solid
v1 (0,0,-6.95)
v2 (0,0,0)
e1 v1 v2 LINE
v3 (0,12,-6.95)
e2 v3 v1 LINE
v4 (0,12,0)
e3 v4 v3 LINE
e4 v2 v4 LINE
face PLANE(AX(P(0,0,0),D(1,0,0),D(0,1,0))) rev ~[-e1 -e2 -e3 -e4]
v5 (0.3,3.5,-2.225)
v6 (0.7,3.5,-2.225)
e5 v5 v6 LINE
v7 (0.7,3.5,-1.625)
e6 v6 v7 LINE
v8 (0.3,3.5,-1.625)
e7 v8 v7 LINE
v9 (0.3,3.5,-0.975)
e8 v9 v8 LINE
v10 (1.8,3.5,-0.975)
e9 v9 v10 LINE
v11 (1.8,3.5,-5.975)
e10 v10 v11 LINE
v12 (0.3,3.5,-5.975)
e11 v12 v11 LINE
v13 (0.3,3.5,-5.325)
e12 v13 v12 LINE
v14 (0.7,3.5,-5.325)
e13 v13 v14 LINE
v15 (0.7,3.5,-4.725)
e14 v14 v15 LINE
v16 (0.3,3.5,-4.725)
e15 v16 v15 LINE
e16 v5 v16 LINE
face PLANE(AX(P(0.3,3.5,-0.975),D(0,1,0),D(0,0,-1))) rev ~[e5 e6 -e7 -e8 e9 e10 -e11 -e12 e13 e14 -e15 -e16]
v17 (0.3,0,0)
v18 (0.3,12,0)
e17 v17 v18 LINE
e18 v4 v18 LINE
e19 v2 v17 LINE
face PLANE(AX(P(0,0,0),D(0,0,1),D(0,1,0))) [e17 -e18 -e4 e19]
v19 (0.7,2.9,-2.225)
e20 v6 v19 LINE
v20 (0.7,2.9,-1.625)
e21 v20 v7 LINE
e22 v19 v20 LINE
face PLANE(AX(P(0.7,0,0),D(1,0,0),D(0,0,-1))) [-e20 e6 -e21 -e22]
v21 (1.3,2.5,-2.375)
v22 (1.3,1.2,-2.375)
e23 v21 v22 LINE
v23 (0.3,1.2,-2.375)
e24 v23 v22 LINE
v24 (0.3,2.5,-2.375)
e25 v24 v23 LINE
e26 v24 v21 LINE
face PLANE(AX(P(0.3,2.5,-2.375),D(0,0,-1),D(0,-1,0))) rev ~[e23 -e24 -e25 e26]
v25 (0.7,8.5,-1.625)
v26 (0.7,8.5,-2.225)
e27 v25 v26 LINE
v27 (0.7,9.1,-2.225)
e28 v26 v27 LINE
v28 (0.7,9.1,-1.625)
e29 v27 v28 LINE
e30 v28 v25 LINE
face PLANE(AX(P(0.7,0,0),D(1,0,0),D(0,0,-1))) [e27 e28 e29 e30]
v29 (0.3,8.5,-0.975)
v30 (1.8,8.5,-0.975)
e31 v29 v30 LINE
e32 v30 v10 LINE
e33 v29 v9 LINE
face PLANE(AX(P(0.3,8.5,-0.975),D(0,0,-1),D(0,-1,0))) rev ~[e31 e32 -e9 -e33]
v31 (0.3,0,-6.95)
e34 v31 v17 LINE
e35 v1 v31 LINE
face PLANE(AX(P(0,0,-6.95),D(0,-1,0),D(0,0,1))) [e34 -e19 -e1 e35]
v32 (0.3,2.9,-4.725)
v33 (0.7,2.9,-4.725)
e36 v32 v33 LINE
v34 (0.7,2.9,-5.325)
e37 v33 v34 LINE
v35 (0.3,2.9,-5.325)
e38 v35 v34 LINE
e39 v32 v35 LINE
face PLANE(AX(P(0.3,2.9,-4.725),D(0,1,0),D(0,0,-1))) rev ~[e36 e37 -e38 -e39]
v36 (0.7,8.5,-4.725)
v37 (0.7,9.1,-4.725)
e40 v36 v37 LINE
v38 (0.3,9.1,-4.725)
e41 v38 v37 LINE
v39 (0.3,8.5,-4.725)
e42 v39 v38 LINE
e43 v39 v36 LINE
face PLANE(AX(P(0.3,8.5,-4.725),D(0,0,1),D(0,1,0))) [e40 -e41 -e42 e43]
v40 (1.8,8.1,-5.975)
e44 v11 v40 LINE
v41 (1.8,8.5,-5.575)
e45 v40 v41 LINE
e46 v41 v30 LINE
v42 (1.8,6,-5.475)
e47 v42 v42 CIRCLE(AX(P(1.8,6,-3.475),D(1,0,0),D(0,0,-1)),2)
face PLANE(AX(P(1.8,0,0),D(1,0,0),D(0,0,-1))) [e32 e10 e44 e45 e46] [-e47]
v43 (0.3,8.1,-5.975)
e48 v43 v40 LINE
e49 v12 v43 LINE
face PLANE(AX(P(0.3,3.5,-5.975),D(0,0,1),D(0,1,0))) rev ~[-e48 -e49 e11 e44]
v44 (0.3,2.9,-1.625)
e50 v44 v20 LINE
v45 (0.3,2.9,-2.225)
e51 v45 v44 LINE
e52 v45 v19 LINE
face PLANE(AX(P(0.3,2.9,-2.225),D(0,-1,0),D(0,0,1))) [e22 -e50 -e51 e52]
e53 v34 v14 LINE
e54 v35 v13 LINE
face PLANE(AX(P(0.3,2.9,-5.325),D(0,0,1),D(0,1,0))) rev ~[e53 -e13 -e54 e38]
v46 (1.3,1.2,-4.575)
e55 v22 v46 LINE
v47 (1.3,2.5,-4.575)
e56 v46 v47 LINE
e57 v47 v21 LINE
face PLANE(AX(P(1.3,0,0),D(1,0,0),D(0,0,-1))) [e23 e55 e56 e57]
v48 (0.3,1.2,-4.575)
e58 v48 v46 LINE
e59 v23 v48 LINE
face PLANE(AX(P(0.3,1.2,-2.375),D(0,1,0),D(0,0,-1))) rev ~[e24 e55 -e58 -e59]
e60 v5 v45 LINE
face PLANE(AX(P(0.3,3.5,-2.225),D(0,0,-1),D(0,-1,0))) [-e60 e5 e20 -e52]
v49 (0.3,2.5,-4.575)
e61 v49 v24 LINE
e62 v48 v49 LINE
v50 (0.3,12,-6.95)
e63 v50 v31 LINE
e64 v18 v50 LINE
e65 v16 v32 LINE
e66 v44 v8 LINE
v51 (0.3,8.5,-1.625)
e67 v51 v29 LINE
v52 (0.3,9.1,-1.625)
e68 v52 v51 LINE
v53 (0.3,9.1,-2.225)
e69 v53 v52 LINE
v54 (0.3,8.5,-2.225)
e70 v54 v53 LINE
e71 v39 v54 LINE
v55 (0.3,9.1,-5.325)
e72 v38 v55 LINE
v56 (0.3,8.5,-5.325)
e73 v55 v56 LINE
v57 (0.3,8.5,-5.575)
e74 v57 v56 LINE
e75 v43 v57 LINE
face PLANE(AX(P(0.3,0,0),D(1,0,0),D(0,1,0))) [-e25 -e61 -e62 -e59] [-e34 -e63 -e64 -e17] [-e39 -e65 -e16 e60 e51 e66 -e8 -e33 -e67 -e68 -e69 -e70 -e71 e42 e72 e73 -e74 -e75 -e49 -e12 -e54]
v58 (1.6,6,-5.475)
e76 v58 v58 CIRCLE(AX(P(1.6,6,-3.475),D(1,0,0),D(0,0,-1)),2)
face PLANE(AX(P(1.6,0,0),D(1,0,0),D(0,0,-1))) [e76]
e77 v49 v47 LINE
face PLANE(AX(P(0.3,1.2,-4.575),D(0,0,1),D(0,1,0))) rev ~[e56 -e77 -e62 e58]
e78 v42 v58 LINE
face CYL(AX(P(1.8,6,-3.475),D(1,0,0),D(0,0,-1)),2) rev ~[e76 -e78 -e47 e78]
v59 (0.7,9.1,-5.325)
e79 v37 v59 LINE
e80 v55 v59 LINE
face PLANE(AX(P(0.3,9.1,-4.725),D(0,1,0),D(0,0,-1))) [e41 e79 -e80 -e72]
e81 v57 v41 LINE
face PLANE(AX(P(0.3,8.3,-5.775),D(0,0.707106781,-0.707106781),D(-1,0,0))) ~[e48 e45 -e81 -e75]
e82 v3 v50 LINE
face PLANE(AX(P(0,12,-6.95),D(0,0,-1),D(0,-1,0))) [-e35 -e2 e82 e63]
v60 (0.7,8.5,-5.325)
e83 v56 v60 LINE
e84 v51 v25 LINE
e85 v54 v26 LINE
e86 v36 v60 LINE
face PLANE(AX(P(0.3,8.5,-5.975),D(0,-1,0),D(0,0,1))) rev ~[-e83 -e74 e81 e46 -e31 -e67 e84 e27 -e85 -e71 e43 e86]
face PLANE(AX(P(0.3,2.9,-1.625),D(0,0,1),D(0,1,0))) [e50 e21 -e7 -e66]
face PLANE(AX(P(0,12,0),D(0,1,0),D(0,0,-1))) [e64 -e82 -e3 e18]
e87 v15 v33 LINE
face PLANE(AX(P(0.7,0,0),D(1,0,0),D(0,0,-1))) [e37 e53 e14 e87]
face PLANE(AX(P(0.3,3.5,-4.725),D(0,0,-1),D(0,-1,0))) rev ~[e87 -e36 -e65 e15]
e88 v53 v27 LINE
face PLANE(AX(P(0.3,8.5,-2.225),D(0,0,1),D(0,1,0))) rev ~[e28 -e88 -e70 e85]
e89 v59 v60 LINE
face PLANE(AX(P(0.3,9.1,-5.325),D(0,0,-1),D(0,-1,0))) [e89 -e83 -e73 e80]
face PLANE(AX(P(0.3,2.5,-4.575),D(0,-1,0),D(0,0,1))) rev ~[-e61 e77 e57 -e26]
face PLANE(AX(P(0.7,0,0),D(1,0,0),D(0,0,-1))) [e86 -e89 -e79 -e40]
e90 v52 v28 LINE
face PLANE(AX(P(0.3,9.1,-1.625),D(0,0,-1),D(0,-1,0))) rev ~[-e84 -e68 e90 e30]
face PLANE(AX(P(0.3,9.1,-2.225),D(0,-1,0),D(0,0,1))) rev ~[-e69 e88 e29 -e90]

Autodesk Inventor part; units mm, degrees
ref_plane "YZ Plane" through (0, 0, 0) normal (1, 0, 0) x (0, 1, 0)
ref_plane "XZ Plane" through (0, 0, 0) normal (0, 1, 0) x (-1, 0, 0)
ref_plane "XY Plane" through (0, 0, 0) normal (0, 0, 1) x (1, 0, 0)
sketch "Sketch1" plane through (0, 0, 0) normal (1, 0, 0) x (0, 1, 0)
  line L0 (0, 0) -> (12, 0)
  line L1 (12, 0) -> (12, -6.95)
  line L2 (12, -6.95) -> (0, -6.95)
  line L3 (0, -6.95) -> (0, 0)
  dimension "d0" = 12
  dimension "d1" = 6.95
extrude "Extrusion1" add sketch "Sketch1" along normal blind 0.3
sketch "Sketch2" plane through (0.3, 0, 0) normal (1, 0, 0) x (0, 0, -1)
  line L0 (0.975, 3.5) -> (5.975, 3.5)
  line L1 (5.975, 3.5) -> (5.975, 8.5)
  line L2 (5.975, 8.5) -> (0.975, 8.5)
  line L3 (0.975, 8.5) -> (0.975, 3.5)
  line L4 (6.95, 12) -> (0, 12) projected
  line L5 (6.95, 0) -> (6.95, 12) projected
  point P0 (0, 0)
  point P1 (3.475, 8.5)
  point P2 (3.475, 12)
  point P3 (5.975, 6)
  point P4 (6.95, 6)
  dimension "d4" = 5
  dimension "d5" = 5
extrude "Extrusion2" add sketch "Sketch2" along normal blind 1.5
sketch "Sketch3" plane through (1.8, 0, 0) normal (1, 0, 0) x (0, 0, -1)
  circle A0 centre (3.475, 6) radius 2
  line L0 (0.975, 3.5) -> (5.975, 3.5) projected
  line L1 (5.975, 3.5) -> (5.975, 8.5) projected
  point P0 (0, 0)
  point P1 (3.475, 3.5)
  point P2 (5.975, 6)
  dimension "d8" = 4
extrude "Extrusion3" cut sketch "Sketch3" against normal blind 0.2
chamfer "Chamfer1" distance 0.4 angle 45 1 edges at (1.05, 8.5, -5.975)
sketch "Sketch5" plane through (0.3, 0, 0) normal (1, 0, 0) x (0, 0, -1)
  line L0 (5.975, 3.5) -> (0.975, 3.5) projected
  line L1 (1.625, 3.5) -> (2.225, 3.5)
  line L2 (2.225, 3.5) -> (2.225, 2.9)
  line L3 (2.225, 2.9) -> (1.625, 2.9)
  line L4 (1.625, 2.9) -> (1.625, 3.5)
  line L5 (0.975, 3.5) -> (0.975, 8.5) projected
  line L6 (0.975, 6) -> (5.975, 6)
  line L7 (5.975, 8.1) -> (5.975, 3.5) projected
  line L8 (3.475, 3.5) -> (3.475, 8.5)
  line L9 (0.975, 8.5) -> (5.575, 8.5) projected
  line L10 (5.325, 3.5) -> (4.725, 3.5)
  line L11 (4.725, 3.5) -> (4.725, 2.9)
  line L12 (4.725, 2.9) -> (5.325, 2.9)
  line L13 (5.325, 2.9) -> (5.325, 3.5)
  line L14 (1.625, 8.5) -> (2.225, 8.5)
  line L15 (2.225, 8.5) -> (2.225, 9.1)
  line L16 (2.225, 9.1) -> (1.625, 9.1)
  line L17 (1.625, 9.1) -> (1.625, 8.5)
  line L18 (5.325, 8.5) -> (4.725, 8.5)
  line L19 (4.725, 8.5) -> (4.725, 9.1)
  line L20 (4.725, 9.1) -> (5.325, 9.1)
  line L21 (5.325, 9.1) -> (5.325, 8.5)
  point P0 (0, 0)
  dimension "d14" = 0.6
  dimension "d15" = 0.6
  dimension "d16" = 2.5
extrude "Extrusion4" add sketch "Sketch5" along normal blind 0.4 contours L19 L20 L21 L9 | L13 L12 L11 L0 | L2 L3 L4 L0 | L9 L17 L16 L15
sketch "Sketch6" plane through (0.3, 0, 0) normal (1, 0, 0) x (0, 0, -1)
  line L0 (2.375, 1.2) -> (4.575, 1.2)
  line L1 (4.575, 1.2) -> (4.575, 2.5)
  line L2 (4.575, 2.5) -> (2.375, 2.5)
  line L3 (2.375, 2.5) -> (2.375, 1.2)
  line L4 (0, 0) -> (6.95, 0) projected
  point P0 (3.475, 1.2)
  point P1 (3.475, 0)
  dimension "d20" = 2.2
  dimension "d21" = 1.2
  dimension "d24" = 2.5
extrude "Extrusion5" add sketch "Sketch6" along normal blind 1
properties part number "Base144"
